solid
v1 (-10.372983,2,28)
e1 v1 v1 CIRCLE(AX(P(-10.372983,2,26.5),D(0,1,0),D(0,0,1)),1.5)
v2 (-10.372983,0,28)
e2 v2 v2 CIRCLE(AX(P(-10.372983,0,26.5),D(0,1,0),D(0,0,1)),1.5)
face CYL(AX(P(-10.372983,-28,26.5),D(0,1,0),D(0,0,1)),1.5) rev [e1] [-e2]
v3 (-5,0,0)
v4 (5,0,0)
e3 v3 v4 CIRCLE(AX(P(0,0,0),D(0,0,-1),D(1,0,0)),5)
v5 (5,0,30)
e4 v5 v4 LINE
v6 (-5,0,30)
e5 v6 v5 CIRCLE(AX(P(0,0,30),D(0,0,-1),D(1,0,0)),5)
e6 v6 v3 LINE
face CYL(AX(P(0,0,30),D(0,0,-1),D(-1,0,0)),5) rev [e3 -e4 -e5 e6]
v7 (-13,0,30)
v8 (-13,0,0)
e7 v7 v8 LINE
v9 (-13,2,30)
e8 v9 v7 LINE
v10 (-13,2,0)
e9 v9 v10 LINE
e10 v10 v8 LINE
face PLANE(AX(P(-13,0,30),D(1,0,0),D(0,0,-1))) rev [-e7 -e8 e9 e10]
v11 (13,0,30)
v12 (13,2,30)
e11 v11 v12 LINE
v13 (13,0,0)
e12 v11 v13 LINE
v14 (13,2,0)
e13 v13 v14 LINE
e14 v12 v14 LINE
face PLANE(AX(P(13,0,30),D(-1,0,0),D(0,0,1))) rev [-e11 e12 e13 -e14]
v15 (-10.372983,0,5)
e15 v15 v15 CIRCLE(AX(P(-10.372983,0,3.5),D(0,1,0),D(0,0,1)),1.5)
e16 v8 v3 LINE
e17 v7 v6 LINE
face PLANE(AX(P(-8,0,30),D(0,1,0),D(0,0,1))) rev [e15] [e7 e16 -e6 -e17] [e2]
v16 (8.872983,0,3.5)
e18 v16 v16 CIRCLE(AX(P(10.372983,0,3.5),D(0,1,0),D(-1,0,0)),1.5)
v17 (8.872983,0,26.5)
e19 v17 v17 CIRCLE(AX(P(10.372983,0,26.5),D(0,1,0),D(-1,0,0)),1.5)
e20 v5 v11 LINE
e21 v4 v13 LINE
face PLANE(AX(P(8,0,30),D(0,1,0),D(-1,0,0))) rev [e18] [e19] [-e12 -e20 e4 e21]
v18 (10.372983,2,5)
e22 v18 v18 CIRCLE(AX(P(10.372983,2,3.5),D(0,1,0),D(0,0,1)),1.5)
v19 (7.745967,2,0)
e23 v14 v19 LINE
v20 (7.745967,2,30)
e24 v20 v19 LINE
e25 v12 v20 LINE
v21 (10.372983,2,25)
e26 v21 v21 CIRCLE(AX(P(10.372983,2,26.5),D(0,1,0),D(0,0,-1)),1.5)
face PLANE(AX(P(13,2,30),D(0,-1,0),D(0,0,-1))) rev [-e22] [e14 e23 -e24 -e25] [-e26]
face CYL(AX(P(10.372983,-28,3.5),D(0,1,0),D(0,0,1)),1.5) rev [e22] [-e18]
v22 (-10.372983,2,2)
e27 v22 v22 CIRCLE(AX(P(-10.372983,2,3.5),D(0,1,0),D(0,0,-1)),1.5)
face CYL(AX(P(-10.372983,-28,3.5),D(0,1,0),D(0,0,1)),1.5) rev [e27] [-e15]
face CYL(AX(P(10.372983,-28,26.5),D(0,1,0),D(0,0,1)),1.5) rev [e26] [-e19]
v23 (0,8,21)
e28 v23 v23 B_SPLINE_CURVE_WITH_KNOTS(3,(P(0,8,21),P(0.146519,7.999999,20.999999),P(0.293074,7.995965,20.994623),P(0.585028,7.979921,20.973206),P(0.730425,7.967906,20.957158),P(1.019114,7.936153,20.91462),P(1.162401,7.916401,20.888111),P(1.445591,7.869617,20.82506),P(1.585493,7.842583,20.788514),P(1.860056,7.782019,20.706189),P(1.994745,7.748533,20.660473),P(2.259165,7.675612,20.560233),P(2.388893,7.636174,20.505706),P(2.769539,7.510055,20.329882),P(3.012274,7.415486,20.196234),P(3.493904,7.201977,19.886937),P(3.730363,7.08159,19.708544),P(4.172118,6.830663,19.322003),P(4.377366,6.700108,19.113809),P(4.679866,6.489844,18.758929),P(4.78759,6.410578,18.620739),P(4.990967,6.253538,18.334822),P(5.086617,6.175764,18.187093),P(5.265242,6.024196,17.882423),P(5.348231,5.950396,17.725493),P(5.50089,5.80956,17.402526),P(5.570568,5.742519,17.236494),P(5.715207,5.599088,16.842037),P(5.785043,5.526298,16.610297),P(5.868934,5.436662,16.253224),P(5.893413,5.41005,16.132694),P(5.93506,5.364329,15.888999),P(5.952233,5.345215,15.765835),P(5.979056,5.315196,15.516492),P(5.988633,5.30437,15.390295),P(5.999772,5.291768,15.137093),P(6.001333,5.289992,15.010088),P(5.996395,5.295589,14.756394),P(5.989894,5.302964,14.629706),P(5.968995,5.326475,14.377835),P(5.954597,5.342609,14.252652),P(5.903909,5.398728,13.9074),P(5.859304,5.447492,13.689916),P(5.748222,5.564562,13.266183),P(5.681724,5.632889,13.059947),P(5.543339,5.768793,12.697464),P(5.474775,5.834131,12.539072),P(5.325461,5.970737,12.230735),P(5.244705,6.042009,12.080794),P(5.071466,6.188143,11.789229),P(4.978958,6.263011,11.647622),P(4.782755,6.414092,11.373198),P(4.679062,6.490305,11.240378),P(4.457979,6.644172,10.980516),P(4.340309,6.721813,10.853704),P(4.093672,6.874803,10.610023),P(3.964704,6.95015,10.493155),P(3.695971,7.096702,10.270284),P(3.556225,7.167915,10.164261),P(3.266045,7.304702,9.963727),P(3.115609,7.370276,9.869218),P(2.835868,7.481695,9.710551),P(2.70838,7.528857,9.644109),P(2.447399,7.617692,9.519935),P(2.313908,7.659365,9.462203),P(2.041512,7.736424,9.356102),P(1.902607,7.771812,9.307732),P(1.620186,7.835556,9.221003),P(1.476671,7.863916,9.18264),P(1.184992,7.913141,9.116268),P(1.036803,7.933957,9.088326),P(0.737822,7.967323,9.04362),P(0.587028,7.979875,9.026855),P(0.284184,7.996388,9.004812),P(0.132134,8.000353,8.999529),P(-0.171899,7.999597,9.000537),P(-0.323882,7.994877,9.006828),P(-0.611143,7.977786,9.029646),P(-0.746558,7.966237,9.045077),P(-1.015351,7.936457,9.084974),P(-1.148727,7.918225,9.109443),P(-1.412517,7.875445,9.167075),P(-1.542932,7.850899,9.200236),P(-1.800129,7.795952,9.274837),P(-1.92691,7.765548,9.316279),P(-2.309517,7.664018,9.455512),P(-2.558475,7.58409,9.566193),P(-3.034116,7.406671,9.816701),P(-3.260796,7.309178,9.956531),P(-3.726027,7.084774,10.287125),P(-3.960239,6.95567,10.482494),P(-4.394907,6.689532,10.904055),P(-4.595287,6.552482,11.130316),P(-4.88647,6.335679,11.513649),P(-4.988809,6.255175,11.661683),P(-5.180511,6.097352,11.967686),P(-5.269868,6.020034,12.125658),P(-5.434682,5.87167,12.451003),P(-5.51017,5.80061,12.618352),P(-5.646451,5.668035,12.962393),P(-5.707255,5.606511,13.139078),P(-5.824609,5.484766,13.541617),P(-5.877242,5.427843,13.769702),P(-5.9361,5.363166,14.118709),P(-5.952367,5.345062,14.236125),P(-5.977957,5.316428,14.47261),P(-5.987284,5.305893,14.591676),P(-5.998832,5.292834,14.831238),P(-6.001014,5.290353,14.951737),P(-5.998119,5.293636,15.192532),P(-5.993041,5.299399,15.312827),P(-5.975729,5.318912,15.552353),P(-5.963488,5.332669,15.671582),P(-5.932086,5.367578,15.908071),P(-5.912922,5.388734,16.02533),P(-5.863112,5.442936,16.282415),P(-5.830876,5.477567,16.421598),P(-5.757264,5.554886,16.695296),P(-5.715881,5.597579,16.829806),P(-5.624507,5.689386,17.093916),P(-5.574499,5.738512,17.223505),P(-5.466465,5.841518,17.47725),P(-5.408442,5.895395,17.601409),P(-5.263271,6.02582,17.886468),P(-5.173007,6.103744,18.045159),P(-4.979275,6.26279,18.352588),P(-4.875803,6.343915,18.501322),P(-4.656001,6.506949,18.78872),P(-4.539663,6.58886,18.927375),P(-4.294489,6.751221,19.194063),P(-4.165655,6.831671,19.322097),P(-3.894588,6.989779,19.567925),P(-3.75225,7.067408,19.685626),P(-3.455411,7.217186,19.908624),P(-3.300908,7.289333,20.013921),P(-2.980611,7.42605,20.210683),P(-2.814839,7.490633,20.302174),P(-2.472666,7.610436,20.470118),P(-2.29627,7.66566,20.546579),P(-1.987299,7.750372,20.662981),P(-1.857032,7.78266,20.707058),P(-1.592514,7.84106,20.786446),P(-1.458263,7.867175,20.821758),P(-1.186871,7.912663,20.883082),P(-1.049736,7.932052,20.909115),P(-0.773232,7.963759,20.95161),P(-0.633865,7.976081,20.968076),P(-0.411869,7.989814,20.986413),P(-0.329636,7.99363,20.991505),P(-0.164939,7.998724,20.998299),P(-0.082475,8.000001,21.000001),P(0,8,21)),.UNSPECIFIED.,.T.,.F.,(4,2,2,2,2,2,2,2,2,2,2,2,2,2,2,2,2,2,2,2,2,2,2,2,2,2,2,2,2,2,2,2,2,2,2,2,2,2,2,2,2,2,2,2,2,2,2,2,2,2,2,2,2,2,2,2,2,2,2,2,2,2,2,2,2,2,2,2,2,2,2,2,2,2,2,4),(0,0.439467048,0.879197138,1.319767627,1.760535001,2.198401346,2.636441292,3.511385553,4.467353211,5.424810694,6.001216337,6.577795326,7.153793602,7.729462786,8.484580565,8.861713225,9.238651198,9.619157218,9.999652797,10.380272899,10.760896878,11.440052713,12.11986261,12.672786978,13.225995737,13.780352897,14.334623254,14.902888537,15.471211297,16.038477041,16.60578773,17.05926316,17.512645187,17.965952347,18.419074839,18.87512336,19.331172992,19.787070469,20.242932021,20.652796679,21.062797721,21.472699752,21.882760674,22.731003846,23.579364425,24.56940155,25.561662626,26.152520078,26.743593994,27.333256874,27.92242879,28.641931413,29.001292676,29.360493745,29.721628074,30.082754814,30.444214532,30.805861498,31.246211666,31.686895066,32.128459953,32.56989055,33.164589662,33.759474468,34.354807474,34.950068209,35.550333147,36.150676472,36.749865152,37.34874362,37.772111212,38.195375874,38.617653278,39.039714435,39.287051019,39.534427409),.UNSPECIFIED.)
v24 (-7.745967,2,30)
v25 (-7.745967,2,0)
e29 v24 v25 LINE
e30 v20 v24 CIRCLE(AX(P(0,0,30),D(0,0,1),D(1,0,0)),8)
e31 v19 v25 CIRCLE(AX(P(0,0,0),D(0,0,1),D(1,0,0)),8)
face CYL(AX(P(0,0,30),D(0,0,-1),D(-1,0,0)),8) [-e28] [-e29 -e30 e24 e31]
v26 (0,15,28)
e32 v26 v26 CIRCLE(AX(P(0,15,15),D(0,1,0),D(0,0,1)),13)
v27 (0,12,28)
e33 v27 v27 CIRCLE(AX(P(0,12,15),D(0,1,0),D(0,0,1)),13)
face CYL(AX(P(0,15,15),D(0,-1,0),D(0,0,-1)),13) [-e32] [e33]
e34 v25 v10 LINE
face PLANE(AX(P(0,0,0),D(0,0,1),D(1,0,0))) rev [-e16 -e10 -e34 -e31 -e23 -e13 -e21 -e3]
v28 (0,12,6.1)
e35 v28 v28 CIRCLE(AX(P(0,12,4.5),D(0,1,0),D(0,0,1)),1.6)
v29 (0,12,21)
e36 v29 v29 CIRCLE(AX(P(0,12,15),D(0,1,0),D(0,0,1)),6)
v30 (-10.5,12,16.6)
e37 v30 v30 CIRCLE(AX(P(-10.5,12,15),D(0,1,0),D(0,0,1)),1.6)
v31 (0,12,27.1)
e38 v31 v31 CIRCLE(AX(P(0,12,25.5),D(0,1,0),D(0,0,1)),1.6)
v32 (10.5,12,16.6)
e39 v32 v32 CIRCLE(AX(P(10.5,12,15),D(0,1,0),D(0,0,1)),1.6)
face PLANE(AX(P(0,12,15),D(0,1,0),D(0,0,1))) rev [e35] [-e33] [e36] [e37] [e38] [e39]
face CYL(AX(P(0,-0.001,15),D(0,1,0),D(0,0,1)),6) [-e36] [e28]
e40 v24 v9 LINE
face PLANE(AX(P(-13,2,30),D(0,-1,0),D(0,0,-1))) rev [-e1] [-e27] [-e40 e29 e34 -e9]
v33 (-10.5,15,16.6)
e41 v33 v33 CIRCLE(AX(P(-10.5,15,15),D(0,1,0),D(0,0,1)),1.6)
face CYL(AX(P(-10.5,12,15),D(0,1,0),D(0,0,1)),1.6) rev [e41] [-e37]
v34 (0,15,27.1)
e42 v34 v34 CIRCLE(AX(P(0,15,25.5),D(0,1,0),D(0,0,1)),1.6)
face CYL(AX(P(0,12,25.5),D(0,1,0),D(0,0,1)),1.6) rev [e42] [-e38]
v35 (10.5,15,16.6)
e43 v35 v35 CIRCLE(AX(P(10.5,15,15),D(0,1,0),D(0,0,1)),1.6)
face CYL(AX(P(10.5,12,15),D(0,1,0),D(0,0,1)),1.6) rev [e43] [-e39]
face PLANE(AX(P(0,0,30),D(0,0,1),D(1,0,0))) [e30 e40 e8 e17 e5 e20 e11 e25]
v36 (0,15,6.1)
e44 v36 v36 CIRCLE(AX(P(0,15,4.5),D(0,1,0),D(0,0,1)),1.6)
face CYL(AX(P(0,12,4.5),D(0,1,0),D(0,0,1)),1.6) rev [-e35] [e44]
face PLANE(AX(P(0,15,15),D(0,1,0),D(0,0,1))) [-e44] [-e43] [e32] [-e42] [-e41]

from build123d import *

# Parameters (mm, degrees)
EXTRUDE_1_DEPTH      = 30
SKETCH_2_R           = 1.5
CUT_EXTRUDE_1_DEPTH  = 30
EXTRUDE_2_REACH      = 36.828
EXTRUDE_2_END_RADIUS = 8
SKETCH_3_R           = 6
SKETCH_4_R           = 13
EXTRUDE_3_DEPTH      = 3
SKETCH_6_R           = 1.6
CUT_EXTRUDE_2_DEPTH  = 3


with BuildPart() as part:
    # 草图1 → 凸台-拉伸1 (new body)
    with BuildSketch(Plane.XY):
        with BuildLine():
            Line((-8, 0), (-13, 0))
            Line((-13, 0), (-13, 2))
            Line((-13, 2), (-7.745966692, 2))
            ThreePointArc((-7.745966692, 2), (0, 8), (7.745966692, 2))
            Line((7.745966692, 2), (13, 2))
            Line((13, 2), (13, 0))
            Line((13, 0), (8, 0))
            Line((8, 0), (5, 0))
            ThreePointArc((5, 0), (0, 5), (-5, 0))
            Line((-5, 0), (-8, 0))
        make_face()
    extrude(amount=EXTRUDE_1_DEPTH)

    # 草图2 → 切除-拉伸1 (cut)
    with BuildSketch(Plane(origin=(0, 2, 0), x_dir=(1, 0, 0), z_dir=(0, 1, 0))):
        with Locations(Location((10.372983346, -3.5, 0), (0, 0, 270))):
            Circle(SKETCH_2_R)
        with Locations(Location((10.372983346, -26.5, 0), (0, 0, 180))):
            Circle(SKETCH_2_R)
        with Locations(Location((-10.372983346, -26.5, 0), (0, 0, 270))):
            Circle(SKETCH_2_R)
        with Locations(Location((-10.372983346, -3.5, 0), (0, 0, 270))):
            Circle(SKETCH_2_R)
    extrude(amount=-CUT_EXTRUDE_1_DEPTH, mode=Mode.SUBTRACT)

    # 凸台-拉伸2: up to this cylinder (the profile starts outside it)
    extrude_2_end = Plane(origin=(0, 0, 15), z_dir=(0, 0, -1)) * Cylinder(EXTRUDE_2_END_RADIUS, 90.656, mode=Mode.PRIVATE)
    # 草图3 → 凸台-拉伸2 (add, up to the surface)
    with BuildSketch(Plane(origin=(0, 12, 0), x_dir=(1, 0, 0), z_dir=(0, 1, 0)), mode=Mode.PRIVATE) as extrude_2_sk1:
        with Locations(Location((0, -15, 0), (0, 0, 270))):
            Circle(SKETCH_3_R)
    extrude_2_tool1 = extrude(extrude_2_sk1.sketch, amount=-EXTRUDE_2_REACH, mode=Mode.PRIVATE) - extrude_2_end
    add(extrude_2_tool1.solids().sort_by_distance((0, 12, 15))[0])

    # 草图4 → 凸台-拉伸3 (add)
    with BuildSketch(Plane(origin=(0, 12, 0), x_dir=(1, 0, 0), z_dir=(0, 1, 0))):
        with Locations(Location((0, -15, 0), (0, 0, 270))):
            Circle(SKETCH_4_R)
    extrude(amount=EXTRUDE_3_DEPTH)

    # 草图6 → 切除-拉伸2 (cut)
    with BuildSketch(Plane(origin=(0, 15, 0), x_dir=(1, 0, 0), z_dir=(0, 1, 0))):
        with Locations(Location((10.5, -15, 0), (0, 0, 270))):
            Circle(SKETCH_6_R)
        with Locations(Location((0, -25.5, 0), (0, 0, 270))):
            Circle(SKETCH_6_R)
        with Locations(Location((-10.5, -15, 0), (0, 0, 270))):
            Circle(SKETCH_6_R)
        with Locations(Location((0, -4.5, 0), (0, 0, 270))):
            Circle(SKETCH_6_R)
    extrude(amount=-CUT_EXTRUDE_2_DEPTH, mode=Mode.SUBTRACT)


solid = part.part
